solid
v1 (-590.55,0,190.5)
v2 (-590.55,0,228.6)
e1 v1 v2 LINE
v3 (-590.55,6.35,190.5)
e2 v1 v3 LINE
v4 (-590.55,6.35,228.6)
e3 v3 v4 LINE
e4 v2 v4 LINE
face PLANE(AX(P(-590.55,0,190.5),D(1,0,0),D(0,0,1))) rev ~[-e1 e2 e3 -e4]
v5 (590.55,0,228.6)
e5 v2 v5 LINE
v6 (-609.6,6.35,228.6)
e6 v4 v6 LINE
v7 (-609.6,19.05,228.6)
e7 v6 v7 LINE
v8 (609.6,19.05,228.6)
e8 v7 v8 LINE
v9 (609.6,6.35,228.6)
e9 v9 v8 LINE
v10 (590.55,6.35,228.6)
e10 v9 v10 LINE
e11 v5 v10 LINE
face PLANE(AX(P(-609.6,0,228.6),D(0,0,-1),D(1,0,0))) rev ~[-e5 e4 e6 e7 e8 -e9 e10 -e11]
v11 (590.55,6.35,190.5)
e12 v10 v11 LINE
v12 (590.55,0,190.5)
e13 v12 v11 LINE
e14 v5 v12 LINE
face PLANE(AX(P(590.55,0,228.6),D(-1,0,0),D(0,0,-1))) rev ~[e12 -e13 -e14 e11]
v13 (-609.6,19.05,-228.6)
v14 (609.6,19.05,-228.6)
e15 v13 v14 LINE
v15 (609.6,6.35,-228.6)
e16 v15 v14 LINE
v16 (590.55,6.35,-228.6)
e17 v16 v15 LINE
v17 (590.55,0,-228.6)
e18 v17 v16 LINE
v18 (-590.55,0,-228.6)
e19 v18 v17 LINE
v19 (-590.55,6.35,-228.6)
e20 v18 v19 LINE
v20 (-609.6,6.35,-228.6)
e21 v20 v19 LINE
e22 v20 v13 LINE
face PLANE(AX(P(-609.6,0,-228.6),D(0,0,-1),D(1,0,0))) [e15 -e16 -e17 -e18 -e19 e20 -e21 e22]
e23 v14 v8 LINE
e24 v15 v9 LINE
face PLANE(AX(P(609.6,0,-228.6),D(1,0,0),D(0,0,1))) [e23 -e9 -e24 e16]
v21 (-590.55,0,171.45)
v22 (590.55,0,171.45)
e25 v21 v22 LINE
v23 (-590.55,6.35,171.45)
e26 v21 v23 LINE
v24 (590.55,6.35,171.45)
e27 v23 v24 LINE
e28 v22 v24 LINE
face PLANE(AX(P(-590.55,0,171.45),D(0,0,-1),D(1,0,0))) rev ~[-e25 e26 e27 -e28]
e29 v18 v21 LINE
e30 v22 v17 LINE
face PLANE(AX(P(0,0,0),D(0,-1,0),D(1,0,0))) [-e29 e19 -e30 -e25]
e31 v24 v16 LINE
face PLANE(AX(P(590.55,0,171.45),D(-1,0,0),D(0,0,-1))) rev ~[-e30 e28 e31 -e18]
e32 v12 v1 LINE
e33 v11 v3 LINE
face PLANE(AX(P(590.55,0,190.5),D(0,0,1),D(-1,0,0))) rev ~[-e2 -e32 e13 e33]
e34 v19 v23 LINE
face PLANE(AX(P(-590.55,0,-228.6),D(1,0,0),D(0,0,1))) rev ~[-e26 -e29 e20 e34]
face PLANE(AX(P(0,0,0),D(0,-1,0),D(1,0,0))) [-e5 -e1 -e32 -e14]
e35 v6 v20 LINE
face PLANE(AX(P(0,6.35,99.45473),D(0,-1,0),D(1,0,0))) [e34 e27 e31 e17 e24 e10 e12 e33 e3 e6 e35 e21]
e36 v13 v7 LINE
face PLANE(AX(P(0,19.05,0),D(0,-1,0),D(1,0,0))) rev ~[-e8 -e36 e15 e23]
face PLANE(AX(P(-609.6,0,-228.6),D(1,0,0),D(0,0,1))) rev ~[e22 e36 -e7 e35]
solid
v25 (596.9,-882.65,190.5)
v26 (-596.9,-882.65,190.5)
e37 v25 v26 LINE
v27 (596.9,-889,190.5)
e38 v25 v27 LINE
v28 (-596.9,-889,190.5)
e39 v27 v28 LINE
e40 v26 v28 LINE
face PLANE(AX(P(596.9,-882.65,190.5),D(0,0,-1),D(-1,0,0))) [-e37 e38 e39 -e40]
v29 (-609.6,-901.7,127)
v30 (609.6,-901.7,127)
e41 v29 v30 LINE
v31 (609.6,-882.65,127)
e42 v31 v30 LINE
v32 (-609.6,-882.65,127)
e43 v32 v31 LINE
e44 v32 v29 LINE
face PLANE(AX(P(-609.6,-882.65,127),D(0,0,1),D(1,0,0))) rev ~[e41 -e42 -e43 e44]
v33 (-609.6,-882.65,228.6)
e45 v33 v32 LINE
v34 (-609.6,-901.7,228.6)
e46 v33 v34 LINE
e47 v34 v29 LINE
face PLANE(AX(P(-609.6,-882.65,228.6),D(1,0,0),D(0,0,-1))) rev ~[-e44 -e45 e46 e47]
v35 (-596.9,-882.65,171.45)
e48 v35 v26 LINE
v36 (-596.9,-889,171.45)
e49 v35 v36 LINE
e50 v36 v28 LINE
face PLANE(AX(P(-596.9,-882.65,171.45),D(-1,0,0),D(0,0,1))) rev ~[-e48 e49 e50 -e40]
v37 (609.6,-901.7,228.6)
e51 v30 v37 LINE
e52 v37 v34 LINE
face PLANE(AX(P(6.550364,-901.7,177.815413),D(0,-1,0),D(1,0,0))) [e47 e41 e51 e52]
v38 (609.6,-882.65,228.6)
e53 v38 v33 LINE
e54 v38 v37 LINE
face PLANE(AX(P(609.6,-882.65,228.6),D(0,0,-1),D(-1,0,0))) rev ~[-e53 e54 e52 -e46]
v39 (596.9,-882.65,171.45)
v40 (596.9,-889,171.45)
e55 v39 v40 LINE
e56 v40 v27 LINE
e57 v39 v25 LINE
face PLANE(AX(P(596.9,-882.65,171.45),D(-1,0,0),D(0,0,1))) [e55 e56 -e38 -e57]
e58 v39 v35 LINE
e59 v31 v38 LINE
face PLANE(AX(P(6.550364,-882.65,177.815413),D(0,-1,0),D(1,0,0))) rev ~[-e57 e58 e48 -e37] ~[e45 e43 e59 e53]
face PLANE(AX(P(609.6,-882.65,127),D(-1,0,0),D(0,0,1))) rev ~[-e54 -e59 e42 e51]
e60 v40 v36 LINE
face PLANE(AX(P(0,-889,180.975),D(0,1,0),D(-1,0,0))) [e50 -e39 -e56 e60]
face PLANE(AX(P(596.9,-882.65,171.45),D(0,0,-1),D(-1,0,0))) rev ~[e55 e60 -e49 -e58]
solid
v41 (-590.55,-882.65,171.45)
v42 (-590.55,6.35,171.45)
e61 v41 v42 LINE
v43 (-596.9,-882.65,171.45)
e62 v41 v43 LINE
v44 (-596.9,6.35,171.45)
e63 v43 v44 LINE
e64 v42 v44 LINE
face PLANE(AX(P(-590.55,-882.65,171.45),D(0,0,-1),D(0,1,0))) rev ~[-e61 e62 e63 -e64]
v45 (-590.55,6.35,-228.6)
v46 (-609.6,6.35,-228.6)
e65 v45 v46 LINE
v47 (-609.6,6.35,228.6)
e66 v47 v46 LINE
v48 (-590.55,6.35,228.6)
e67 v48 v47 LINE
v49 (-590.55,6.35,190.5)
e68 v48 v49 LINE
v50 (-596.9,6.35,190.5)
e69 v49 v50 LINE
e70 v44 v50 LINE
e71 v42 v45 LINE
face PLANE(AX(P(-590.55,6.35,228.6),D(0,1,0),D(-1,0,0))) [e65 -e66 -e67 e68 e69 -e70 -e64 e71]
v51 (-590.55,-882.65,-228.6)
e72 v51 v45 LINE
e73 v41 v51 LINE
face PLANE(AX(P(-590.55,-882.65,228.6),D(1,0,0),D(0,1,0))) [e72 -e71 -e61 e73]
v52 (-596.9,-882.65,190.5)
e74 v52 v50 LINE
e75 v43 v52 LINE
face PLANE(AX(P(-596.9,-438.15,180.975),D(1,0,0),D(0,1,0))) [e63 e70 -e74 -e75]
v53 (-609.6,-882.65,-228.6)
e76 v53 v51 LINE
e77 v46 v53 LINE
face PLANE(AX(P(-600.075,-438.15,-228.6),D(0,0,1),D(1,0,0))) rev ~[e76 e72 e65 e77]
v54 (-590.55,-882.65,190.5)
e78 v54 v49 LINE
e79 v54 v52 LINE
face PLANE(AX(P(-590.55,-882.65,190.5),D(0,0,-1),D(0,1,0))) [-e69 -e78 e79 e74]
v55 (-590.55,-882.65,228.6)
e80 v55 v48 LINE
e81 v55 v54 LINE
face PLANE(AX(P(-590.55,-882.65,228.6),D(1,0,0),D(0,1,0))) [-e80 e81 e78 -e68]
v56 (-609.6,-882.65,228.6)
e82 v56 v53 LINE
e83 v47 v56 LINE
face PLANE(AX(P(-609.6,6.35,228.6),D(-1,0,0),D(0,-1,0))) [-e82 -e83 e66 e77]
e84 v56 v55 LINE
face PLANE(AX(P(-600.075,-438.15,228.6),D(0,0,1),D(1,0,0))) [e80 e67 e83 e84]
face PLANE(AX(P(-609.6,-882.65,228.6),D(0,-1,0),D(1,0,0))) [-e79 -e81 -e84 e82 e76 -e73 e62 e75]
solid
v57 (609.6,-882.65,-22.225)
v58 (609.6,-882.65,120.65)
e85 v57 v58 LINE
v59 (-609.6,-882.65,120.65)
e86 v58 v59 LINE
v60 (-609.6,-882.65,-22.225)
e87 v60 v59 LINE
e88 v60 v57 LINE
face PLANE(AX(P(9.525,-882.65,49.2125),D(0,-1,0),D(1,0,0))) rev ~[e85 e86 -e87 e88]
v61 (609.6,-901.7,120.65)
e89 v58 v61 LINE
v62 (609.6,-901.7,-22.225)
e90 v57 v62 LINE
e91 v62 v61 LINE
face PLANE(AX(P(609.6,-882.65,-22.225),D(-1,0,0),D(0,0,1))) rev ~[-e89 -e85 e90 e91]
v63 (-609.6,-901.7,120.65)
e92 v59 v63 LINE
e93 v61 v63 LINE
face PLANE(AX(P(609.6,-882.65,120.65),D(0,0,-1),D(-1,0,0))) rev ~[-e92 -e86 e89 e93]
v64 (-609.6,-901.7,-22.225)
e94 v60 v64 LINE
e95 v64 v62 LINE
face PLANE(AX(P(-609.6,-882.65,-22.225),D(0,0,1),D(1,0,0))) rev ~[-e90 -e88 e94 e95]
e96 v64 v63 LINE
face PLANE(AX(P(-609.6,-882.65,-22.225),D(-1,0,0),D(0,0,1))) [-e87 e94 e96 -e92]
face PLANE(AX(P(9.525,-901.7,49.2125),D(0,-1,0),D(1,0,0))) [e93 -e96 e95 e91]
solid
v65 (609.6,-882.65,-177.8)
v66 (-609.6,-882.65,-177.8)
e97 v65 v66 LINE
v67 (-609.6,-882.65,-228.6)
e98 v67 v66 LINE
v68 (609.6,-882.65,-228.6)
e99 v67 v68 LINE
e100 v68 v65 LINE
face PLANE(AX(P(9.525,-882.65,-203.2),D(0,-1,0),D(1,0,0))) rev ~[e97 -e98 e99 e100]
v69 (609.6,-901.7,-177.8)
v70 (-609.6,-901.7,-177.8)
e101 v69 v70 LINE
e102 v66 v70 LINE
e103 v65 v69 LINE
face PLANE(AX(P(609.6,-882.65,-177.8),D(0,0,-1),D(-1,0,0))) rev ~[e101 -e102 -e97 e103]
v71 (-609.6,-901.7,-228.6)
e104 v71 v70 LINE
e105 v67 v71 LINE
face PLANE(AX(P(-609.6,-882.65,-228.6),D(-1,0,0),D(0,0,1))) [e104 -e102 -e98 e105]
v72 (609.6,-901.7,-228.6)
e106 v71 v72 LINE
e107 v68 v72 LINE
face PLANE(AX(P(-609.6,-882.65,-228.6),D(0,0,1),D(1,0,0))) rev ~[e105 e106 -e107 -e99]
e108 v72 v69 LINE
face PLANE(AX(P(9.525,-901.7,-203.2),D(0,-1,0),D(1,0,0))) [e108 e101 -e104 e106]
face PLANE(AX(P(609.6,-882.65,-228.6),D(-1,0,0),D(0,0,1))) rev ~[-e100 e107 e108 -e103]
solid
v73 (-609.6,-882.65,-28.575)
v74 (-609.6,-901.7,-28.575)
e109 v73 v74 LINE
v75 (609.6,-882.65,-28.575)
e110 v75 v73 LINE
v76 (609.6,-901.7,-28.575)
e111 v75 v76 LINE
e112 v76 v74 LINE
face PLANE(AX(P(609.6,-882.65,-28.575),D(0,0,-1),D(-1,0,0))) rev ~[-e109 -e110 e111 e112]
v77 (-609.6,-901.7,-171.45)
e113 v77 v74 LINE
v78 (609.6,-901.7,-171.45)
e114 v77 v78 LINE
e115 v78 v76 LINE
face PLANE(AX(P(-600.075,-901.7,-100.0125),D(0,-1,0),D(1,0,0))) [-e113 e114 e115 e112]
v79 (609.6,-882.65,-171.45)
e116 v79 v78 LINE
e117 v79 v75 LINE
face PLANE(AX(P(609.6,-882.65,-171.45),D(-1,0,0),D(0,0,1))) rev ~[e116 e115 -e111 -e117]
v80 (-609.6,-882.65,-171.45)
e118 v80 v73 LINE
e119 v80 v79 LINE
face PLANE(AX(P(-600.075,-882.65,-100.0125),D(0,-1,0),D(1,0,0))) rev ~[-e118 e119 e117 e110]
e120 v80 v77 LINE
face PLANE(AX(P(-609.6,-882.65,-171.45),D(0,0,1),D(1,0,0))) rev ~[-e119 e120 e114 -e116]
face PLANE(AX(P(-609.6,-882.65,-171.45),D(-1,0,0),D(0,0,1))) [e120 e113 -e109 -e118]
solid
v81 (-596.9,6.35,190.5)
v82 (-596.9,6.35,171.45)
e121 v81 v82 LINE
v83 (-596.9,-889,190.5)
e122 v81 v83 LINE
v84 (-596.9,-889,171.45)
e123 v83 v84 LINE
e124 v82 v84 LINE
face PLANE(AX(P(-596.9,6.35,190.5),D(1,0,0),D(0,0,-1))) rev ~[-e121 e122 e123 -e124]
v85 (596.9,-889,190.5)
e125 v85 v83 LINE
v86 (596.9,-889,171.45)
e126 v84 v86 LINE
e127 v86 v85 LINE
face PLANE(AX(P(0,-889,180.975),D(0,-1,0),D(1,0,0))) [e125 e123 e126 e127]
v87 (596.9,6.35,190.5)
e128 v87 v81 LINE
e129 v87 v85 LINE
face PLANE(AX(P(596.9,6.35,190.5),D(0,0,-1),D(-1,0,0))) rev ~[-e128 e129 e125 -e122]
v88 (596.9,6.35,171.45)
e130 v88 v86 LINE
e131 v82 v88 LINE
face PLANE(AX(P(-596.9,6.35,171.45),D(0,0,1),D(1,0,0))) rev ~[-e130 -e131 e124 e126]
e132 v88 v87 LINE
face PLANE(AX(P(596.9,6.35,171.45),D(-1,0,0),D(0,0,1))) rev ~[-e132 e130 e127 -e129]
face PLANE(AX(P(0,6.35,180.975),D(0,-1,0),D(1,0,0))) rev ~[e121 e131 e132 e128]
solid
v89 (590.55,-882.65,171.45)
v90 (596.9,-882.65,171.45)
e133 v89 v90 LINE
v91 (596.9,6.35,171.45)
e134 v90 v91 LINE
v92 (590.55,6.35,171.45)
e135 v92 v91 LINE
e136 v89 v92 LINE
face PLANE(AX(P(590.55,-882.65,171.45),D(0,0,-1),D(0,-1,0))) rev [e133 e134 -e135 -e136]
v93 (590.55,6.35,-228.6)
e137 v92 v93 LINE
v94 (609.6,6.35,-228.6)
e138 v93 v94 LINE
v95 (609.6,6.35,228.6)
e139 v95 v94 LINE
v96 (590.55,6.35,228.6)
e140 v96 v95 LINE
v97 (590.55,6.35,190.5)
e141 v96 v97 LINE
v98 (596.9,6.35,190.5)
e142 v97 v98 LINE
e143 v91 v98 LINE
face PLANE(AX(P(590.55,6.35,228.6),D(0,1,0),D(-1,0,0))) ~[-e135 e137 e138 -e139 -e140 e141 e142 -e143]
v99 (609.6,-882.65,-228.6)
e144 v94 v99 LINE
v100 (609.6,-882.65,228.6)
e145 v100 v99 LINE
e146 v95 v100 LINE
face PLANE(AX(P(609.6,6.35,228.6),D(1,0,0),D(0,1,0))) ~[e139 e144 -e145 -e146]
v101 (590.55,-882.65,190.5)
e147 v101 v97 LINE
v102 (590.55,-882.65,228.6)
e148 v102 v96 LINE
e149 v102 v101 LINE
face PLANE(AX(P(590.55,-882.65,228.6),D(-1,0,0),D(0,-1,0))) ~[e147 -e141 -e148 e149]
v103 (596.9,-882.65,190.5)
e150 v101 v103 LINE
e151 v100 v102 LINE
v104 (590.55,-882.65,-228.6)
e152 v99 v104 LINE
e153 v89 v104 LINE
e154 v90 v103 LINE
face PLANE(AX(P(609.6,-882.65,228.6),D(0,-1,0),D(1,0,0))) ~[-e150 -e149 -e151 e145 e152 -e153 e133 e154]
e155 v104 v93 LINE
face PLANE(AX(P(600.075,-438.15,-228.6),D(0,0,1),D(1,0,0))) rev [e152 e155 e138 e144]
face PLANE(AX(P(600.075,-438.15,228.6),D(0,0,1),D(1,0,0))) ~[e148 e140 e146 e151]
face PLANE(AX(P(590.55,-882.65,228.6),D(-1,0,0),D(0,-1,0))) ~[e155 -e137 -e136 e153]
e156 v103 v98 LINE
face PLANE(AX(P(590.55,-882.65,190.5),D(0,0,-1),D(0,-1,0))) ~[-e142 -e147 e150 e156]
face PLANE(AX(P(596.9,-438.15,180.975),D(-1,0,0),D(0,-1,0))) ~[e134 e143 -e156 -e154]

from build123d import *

# Parameters (mm, degrees)
F0_W      = 1219.2
F0_H      = 457.2
F1_DEPTH  = 19.05
F3_DEPTH  = 6.35
F5_DEPTH  = 457.2
F6_W      = 889
F6_H      = 19.05
F7_DEPTH  = 6.35
F10_DEPTH = 19.05
F11_W     = 1193.8
F11_H     = 19.05
F12_DEPTH = 6.35
F13_W     = 1200.15
F13_H     = 50.8
F13_W_2   = 19.05
F14_DEPTH = 19.05
F16_DEPTH = 895.35
F17_W     = 1200.15
F17_H     = 142.875
F17_W_2   = 19.05
F18_DEPTH = 19.05


with BuildPart() as f1:
    # F0 (on Front) → F1 (new body)
    with BuildSketch(Plane.XZ):
        Rectangle(F0_W, F0_H)
    extrude(amount=-F1_DEPTH)

    # F2 (on face) → F3 (cut)
    with BuildSketch(Plane.XZ):
        Polygon((-590.55, 228.6), (-609.6, 228.6), (-609.6, 190.5), (-609.6, 171.45), (-609.6, -228.6), (-590.55, -228.6), (-590.55, 171.45), (590.55, 171.45), (590.55, -228.6), (609.6, -228.6), (609.6, 171.45), (609.6, 190.5), (609.6, 228.6), (590.55, 228.6), (590.55, 190.5), (-590.55, 190.5), align=None)
    extrude(amount=-F3_DEPTH, mode=Mode.SUBTRACT)


with BuildPart() as f5:
    # F4 (on face) → F5 (new body, through all)
    with BuildSketch(Plane.XY.offset(228.6)):
        Polygon((-590.55, 6.35), (-609.6, 6.35), (-609.6, -882.65), (-590.55, -882.65), (-590.55, 0), align=None)
    extrude(amount=-F5_DEPTH)

    # F6 (on face) → F7 (cut)
    with BuildSketch(Plane.YZ.offset(-590.55)):
        with Locations((-438.15, 180.975)):
            Rectangle(F6_W, F6_H)
    extrude(amount=-F7_DEPTH, mode=Mode.SUBTRACT)


with BuildPart() as f8_1:
    # F8: instance of F5
    add(f5.part.mirror(Plane.YZ))


with BuildPart() as f10:
    # F9 (on face) → F10 (new body)
    with BuildSketch(Plane.XZ.offset(882.65)):
        Polygon((609.6, 228.6), (-590.55, 228.6), (-590.55, 190.5), (-596.9, 190.5), (-596.9, 171.45), (-590.55, 171.45), (-590.55, 127), (609.6, 127), align=None)
        Polygon((-590.55, 228.6), (-609.6, 228.6), (-609.6, 127), (-590.55, 127), (-590.55, 171.45), (-596.9, 171.45), (-596.9, 190.5), (-590.55, 190.5), align=None)
    extrude(amount=F10_DEPTH)

    # F11 (on face) → F12 (cut)
    with BuildSketch(Plane(origin=(0, -882.65, 0), x_dir=(-1, 0, 0), z_dir=(0, 1, 0))):
        with Locations((0, 180.975)):
            Rectangle(F11_W, F11_H)
    extrude(amount=-F12_DEPTH, mode=Mode.SUBTRACT)


with BuildPart() as f14:
    # F13 (on face) → F14 (new body)
    with BuildSketch(Plane.XZ.offset(882.65)):
        with Locations((9.525, -203.2)):
            Rectangle(F13_W, F13_H)
        with Locations((-600.075, -203.2)):
            Rectangle(F13_W_2, F13_H)
    extrude(amount=F14_DEPTH)


with BuildPart() as f16:
    # F15 (on face) → F16 (new body, through all)
    with BuildSketch(Plane.XZ.offset(-6.35)):
        Polygon((-590.55, 190.5), (-596.9, 190.5), (-596.9, 171.45), (-590.55, 171.45), (590.55, 171.45), (596.9, 171.45), (596.9, 190.5), (590.55, 190.5), align=None)
    extrude(amount=F16_DEPTH)


with BuildPart() as f18:
    # F17 (on face) → F18 (new body)
    with BuildSketch(Plane.XZ.offset(882.65)):
        with Locations((9.525, 49.2125)):
            Rectangle(F17_W, F17_H)
        with Locations((-600.075, 49.2125)):
            Rectangle(F17_W_2, F17_H)
    extrude(amount=F18_DEPTH)


with BuildPart() as f18b:
    # F17 (on face) → F18, piece 2 (new body)
    with BuildSketch(Plane.XZ.offset(882.65)):
        with Locations((-600.075, -100.0125)):
            Rectangle(F17_W_2, F17_H)
        with Locations((9.525, -100.0125)):
            Rectangle(F17_W, F17_H)
    extrude(amount=F18_DEPTH)


solid = Compound([f1.part, f5.part, f8_1.part, f10.part, f14.part, f16.part, f18.part, f18b.part])
